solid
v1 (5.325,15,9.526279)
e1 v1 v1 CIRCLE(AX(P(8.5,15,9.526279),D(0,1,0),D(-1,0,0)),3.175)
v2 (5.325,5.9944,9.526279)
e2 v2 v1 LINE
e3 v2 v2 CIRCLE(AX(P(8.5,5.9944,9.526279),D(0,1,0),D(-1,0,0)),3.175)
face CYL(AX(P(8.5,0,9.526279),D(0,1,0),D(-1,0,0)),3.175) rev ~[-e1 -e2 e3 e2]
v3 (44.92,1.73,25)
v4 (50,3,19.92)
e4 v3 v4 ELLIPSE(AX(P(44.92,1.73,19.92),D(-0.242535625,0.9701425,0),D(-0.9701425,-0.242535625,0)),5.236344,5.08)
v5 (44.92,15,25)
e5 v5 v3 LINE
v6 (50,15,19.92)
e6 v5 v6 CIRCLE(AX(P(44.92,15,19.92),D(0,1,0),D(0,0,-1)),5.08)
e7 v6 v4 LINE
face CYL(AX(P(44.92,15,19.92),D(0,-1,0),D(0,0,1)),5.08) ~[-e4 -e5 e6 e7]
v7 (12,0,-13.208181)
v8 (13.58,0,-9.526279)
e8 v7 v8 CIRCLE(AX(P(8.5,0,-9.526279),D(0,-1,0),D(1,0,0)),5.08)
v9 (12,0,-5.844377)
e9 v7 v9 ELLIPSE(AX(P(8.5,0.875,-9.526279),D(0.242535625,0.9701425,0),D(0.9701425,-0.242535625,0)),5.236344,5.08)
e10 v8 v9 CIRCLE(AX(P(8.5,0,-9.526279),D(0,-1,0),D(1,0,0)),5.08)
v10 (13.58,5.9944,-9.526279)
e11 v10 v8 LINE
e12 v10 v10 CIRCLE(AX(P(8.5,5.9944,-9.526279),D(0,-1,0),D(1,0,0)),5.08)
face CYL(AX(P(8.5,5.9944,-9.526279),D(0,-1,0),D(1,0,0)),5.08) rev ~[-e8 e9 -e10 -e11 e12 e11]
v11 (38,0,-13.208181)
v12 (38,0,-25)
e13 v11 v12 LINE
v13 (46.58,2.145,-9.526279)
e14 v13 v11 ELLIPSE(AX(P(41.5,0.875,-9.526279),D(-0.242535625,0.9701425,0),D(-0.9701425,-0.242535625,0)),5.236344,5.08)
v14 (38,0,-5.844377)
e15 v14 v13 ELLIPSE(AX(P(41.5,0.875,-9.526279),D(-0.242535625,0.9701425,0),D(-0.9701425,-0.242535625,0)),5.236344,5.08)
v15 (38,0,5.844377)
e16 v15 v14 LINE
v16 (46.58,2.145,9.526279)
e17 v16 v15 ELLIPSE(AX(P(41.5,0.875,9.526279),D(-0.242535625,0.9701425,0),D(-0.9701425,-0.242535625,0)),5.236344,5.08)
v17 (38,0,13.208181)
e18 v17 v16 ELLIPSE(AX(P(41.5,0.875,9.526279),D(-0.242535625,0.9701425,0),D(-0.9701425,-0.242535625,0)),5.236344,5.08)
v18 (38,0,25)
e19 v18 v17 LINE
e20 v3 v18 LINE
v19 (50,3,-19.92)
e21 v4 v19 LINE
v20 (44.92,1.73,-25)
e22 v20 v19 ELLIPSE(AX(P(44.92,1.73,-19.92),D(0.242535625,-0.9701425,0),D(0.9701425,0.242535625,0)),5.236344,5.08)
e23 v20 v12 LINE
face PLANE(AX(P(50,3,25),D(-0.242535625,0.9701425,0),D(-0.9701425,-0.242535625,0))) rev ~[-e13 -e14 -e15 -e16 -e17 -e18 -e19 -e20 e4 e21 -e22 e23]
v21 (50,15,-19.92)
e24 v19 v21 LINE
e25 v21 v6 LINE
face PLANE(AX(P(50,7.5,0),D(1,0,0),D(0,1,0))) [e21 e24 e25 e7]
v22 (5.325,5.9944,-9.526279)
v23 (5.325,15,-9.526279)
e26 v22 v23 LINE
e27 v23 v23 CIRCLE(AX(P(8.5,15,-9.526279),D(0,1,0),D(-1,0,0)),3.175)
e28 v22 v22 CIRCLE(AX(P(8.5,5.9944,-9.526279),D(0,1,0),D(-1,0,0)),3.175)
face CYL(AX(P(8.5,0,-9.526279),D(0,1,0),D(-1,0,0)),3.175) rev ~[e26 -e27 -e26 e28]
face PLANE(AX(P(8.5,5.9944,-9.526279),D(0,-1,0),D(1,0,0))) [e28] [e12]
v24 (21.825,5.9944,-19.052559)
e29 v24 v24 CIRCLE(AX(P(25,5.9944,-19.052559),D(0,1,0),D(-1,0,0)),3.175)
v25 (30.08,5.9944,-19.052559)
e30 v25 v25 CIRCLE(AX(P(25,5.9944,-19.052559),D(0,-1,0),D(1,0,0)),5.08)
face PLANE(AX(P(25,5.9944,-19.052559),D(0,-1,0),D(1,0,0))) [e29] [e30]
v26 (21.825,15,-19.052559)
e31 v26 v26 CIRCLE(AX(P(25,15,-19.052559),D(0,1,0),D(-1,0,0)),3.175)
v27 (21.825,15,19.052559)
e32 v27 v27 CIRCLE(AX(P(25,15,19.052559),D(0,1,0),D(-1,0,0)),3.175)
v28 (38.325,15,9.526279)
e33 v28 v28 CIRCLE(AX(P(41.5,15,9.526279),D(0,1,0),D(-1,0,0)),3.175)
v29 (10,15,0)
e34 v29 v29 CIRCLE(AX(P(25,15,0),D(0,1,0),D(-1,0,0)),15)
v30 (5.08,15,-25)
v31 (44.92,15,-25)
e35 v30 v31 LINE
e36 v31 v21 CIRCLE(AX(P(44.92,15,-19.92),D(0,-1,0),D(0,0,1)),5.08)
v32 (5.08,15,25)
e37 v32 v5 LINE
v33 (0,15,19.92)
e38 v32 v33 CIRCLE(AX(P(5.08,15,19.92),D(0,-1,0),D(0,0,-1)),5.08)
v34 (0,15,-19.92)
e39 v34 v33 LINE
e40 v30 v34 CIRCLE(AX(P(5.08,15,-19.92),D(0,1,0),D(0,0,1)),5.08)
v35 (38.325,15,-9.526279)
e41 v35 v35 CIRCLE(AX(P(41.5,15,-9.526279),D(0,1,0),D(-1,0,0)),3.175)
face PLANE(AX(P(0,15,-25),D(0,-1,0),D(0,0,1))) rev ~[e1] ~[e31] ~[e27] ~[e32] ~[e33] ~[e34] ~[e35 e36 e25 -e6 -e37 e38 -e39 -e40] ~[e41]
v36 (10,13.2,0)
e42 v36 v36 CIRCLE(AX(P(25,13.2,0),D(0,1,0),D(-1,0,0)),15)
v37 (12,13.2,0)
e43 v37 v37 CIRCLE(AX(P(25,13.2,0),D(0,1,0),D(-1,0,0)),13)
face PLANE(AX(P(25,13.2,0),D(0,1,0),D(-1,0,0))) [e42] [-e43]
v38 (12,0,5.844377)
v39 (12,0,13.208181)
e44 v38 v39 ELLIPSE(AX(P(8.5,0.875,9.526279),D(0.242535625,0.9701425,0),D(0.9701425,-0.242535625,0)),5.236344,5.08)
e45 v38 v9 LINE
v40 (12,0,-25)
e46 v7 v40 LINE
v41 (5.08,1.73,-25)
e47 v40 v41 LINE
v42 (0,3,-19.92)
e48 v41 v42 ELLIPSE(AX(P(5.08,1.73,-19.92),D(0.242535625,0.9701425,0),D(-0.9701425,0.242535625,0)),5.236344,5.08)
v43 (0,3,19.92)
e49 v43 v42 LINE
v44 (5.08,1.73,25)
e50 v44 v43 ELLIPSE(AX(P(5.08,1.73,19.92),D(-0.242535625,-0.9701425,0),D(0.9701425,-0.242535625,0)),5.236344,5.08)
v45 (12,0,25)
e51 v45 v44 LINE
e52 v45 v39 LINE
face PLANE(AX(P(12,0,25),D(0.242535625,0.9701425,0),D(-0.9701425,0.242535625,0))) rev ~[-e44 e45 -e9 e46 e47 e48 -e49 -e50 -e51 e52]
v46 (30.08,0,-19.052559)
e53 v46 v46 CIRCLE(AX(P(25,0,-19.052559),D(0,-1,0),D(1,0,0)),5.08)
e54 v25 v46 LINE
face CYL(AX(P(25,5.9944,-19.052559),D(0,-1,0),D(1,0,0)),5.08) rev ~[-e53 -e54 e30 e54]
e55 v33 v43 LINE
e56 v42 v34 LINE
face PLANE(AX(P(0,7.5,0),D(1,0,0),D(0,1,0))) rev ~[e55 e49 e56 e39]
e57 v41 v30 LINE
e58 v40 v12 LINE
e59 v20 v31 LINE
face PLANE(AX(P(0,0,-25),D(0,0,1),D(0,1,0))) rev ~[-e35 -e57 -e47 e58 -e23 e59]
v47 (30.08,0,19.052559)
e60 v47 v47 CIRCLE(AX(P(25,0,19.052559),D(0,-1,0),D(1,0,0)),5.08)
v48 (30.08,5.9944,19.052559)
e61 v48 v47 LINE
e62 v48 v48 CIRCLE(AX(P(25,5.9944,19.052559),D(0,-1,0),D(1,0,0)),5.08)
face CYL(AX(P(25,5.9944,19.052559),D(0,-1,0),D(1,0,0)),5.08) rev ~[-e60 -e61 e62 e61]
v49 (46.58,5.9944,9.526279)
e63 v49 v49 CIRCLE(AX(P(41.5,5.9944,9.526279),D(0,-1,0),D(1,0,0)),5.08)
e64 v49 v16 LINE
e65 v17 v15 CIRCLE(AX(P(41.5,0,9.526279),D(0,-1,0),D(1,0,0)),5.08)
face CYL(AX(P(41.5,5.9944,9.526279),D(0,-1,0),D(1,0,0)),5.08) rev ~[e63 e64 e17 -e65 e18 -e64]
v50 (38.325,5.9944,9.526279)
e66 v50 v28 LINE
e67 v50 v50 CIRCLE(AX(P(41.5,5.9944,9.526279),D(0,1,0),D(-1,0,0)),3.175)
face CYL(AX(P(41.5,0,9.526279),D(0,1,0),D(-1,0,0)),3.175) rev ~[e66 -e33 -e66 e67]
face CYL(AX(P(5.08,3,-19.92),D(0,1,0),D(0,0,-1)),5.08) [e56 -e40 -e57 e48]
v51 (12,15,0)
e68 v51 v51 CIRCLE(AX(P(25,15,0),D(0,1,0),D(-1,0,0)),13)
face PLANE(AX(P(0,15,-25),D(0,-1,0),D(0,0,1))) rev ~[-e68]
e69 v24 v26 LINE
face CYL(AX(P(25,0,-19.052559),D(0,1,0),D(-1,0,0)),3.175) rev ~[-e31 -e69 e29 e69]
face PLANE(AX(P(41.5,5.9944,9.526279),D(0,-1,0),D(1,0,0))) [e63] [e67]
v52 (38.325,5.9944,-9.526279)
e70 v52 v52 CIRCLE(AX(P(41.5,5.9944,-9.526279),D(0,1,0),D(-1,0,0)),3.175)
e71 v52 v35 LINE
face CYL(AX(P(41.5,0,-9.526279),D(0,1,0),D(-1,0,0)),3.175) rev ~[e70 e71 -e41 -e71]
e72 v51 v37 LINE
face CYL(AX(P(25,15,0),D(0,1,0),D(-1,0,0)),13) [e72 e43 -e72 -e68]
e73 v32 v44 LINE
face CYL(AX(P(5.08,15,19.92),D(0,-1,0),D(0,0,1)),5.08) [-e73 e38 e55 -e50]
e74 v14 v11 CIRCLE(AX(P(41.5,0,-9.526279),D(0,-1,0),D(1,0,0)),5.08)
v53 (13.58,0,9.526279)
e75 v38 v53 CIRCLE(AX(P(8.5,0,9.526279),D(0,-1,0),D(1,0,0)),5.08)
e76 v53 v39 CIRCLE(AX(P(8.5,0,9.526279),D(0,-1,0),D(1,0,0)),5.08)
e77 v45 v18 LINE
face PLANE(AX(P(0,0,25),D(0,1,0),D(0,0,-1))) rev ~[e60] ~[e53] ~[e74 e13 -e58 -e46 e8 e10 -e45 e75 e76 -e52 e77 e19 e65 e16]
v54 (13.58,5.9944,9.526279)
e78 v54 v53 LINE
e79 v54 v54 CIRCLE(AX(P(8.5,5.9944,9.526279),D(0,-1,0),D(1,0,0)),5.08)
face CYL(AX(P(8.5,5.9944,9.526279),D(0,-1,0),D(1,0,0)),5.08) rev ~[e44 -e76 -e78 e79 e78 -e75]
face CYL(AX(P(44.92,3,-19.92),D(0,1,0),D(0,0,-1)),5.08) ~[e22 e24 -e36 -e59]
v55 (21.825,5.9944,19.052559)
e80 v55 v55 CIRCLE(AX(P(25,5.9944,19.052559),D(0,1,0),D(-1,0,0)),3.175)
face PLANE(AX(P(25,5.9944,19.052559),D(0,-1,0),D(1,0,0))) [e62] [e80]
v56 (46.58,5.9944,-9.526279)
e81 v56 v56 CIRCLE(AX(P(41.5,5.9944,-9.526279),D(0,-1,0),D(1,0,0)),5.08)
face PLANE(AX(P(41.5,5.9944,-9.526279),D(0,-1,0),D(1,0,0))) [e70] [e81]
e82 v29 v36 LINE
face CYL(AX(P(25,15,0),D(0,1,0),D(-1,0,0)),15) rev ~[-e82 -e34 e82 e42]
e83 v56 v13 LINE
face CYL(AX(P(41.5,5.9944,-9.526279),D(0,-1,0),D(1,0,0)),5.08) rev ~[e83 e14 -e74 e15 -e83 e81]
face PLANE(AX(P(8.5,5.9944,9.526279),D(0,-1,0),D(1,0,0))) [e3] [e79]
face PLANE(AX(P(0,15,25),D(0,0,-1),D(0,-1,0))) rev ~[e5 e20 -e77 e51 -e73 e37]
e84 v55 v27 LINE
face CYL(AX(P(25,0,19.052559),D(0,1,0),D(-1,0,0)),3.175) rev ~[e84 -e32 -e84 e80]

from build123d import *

# Parameters (mm, degrees)
F1_DEPTH       = 50
F3_D           = 6.35
F3_CBORE_D     = 10.16
F3_CBORE_DEPTH = 5.9944
F5_DEPTH       = 50.001
F6_R           = 5.08
F7_R           = 15
F7_R_2         = 13
F8_DEPTH       = 1.8


with BuildPart() as f1:
    # F0 (on Right) → F1 (new body)
    with BuildSketch(Plane.YZ):
        Polygon((0, 25), (0, 0), (0, -25), (15, -25), (15, 25), align=None)
    extrude(amount=F1_DEPTH)

    # F3 (through all)
    with Locations(Plane.XZ):
        with Locations((25, 19.052559), (8.5, 9.526279), (41.5, 9.526279), (41.5, -9.526279), (25, -19.052559), (8.5, -9.526279)):
            CounterBoreHole(F3_D / 2, F3_CBORE_D / 2, F3_CBORE_DEPTH)

    # F4 (on face) → F5 (cut, through all)
    with BuildSketch(Plane.XY.offset(25)):
        Polygon((50, 0), (50, 3), (38, 0), align=None)
        Polygon((0, 0), (12, 0), (0, 3), align=None)
    extrude(amount=-F5_DEPTH, mode=Mode.SUBTRACT)

    # F6
    f6_edges = [f1.edges().sort_by_distance(p)[0] for p in [
        (50, 9, 25),
        (0, 9, 25),
        (0, 9, -25),
        (50, 9, -25),
    ]]
    fillet(f6_edges, radius=F6_R)

    # F7 (on face) → F8 (cut)
    with BuildSketch(Plane(origin=(0, 15, 0), x_dir=(-1, 0, 0), z_dir=(0, 1, 0))):
        with Locations((-25, 0)):
            Circle(F7_R)
        with Locations((-25, 0)):
            Circle(F7_R_2, mode=Mode.SUBTRACT)
    extrude(amount=-F8_DEPTH, mode=Mode.SUBTRACT)


solid = f1.part
